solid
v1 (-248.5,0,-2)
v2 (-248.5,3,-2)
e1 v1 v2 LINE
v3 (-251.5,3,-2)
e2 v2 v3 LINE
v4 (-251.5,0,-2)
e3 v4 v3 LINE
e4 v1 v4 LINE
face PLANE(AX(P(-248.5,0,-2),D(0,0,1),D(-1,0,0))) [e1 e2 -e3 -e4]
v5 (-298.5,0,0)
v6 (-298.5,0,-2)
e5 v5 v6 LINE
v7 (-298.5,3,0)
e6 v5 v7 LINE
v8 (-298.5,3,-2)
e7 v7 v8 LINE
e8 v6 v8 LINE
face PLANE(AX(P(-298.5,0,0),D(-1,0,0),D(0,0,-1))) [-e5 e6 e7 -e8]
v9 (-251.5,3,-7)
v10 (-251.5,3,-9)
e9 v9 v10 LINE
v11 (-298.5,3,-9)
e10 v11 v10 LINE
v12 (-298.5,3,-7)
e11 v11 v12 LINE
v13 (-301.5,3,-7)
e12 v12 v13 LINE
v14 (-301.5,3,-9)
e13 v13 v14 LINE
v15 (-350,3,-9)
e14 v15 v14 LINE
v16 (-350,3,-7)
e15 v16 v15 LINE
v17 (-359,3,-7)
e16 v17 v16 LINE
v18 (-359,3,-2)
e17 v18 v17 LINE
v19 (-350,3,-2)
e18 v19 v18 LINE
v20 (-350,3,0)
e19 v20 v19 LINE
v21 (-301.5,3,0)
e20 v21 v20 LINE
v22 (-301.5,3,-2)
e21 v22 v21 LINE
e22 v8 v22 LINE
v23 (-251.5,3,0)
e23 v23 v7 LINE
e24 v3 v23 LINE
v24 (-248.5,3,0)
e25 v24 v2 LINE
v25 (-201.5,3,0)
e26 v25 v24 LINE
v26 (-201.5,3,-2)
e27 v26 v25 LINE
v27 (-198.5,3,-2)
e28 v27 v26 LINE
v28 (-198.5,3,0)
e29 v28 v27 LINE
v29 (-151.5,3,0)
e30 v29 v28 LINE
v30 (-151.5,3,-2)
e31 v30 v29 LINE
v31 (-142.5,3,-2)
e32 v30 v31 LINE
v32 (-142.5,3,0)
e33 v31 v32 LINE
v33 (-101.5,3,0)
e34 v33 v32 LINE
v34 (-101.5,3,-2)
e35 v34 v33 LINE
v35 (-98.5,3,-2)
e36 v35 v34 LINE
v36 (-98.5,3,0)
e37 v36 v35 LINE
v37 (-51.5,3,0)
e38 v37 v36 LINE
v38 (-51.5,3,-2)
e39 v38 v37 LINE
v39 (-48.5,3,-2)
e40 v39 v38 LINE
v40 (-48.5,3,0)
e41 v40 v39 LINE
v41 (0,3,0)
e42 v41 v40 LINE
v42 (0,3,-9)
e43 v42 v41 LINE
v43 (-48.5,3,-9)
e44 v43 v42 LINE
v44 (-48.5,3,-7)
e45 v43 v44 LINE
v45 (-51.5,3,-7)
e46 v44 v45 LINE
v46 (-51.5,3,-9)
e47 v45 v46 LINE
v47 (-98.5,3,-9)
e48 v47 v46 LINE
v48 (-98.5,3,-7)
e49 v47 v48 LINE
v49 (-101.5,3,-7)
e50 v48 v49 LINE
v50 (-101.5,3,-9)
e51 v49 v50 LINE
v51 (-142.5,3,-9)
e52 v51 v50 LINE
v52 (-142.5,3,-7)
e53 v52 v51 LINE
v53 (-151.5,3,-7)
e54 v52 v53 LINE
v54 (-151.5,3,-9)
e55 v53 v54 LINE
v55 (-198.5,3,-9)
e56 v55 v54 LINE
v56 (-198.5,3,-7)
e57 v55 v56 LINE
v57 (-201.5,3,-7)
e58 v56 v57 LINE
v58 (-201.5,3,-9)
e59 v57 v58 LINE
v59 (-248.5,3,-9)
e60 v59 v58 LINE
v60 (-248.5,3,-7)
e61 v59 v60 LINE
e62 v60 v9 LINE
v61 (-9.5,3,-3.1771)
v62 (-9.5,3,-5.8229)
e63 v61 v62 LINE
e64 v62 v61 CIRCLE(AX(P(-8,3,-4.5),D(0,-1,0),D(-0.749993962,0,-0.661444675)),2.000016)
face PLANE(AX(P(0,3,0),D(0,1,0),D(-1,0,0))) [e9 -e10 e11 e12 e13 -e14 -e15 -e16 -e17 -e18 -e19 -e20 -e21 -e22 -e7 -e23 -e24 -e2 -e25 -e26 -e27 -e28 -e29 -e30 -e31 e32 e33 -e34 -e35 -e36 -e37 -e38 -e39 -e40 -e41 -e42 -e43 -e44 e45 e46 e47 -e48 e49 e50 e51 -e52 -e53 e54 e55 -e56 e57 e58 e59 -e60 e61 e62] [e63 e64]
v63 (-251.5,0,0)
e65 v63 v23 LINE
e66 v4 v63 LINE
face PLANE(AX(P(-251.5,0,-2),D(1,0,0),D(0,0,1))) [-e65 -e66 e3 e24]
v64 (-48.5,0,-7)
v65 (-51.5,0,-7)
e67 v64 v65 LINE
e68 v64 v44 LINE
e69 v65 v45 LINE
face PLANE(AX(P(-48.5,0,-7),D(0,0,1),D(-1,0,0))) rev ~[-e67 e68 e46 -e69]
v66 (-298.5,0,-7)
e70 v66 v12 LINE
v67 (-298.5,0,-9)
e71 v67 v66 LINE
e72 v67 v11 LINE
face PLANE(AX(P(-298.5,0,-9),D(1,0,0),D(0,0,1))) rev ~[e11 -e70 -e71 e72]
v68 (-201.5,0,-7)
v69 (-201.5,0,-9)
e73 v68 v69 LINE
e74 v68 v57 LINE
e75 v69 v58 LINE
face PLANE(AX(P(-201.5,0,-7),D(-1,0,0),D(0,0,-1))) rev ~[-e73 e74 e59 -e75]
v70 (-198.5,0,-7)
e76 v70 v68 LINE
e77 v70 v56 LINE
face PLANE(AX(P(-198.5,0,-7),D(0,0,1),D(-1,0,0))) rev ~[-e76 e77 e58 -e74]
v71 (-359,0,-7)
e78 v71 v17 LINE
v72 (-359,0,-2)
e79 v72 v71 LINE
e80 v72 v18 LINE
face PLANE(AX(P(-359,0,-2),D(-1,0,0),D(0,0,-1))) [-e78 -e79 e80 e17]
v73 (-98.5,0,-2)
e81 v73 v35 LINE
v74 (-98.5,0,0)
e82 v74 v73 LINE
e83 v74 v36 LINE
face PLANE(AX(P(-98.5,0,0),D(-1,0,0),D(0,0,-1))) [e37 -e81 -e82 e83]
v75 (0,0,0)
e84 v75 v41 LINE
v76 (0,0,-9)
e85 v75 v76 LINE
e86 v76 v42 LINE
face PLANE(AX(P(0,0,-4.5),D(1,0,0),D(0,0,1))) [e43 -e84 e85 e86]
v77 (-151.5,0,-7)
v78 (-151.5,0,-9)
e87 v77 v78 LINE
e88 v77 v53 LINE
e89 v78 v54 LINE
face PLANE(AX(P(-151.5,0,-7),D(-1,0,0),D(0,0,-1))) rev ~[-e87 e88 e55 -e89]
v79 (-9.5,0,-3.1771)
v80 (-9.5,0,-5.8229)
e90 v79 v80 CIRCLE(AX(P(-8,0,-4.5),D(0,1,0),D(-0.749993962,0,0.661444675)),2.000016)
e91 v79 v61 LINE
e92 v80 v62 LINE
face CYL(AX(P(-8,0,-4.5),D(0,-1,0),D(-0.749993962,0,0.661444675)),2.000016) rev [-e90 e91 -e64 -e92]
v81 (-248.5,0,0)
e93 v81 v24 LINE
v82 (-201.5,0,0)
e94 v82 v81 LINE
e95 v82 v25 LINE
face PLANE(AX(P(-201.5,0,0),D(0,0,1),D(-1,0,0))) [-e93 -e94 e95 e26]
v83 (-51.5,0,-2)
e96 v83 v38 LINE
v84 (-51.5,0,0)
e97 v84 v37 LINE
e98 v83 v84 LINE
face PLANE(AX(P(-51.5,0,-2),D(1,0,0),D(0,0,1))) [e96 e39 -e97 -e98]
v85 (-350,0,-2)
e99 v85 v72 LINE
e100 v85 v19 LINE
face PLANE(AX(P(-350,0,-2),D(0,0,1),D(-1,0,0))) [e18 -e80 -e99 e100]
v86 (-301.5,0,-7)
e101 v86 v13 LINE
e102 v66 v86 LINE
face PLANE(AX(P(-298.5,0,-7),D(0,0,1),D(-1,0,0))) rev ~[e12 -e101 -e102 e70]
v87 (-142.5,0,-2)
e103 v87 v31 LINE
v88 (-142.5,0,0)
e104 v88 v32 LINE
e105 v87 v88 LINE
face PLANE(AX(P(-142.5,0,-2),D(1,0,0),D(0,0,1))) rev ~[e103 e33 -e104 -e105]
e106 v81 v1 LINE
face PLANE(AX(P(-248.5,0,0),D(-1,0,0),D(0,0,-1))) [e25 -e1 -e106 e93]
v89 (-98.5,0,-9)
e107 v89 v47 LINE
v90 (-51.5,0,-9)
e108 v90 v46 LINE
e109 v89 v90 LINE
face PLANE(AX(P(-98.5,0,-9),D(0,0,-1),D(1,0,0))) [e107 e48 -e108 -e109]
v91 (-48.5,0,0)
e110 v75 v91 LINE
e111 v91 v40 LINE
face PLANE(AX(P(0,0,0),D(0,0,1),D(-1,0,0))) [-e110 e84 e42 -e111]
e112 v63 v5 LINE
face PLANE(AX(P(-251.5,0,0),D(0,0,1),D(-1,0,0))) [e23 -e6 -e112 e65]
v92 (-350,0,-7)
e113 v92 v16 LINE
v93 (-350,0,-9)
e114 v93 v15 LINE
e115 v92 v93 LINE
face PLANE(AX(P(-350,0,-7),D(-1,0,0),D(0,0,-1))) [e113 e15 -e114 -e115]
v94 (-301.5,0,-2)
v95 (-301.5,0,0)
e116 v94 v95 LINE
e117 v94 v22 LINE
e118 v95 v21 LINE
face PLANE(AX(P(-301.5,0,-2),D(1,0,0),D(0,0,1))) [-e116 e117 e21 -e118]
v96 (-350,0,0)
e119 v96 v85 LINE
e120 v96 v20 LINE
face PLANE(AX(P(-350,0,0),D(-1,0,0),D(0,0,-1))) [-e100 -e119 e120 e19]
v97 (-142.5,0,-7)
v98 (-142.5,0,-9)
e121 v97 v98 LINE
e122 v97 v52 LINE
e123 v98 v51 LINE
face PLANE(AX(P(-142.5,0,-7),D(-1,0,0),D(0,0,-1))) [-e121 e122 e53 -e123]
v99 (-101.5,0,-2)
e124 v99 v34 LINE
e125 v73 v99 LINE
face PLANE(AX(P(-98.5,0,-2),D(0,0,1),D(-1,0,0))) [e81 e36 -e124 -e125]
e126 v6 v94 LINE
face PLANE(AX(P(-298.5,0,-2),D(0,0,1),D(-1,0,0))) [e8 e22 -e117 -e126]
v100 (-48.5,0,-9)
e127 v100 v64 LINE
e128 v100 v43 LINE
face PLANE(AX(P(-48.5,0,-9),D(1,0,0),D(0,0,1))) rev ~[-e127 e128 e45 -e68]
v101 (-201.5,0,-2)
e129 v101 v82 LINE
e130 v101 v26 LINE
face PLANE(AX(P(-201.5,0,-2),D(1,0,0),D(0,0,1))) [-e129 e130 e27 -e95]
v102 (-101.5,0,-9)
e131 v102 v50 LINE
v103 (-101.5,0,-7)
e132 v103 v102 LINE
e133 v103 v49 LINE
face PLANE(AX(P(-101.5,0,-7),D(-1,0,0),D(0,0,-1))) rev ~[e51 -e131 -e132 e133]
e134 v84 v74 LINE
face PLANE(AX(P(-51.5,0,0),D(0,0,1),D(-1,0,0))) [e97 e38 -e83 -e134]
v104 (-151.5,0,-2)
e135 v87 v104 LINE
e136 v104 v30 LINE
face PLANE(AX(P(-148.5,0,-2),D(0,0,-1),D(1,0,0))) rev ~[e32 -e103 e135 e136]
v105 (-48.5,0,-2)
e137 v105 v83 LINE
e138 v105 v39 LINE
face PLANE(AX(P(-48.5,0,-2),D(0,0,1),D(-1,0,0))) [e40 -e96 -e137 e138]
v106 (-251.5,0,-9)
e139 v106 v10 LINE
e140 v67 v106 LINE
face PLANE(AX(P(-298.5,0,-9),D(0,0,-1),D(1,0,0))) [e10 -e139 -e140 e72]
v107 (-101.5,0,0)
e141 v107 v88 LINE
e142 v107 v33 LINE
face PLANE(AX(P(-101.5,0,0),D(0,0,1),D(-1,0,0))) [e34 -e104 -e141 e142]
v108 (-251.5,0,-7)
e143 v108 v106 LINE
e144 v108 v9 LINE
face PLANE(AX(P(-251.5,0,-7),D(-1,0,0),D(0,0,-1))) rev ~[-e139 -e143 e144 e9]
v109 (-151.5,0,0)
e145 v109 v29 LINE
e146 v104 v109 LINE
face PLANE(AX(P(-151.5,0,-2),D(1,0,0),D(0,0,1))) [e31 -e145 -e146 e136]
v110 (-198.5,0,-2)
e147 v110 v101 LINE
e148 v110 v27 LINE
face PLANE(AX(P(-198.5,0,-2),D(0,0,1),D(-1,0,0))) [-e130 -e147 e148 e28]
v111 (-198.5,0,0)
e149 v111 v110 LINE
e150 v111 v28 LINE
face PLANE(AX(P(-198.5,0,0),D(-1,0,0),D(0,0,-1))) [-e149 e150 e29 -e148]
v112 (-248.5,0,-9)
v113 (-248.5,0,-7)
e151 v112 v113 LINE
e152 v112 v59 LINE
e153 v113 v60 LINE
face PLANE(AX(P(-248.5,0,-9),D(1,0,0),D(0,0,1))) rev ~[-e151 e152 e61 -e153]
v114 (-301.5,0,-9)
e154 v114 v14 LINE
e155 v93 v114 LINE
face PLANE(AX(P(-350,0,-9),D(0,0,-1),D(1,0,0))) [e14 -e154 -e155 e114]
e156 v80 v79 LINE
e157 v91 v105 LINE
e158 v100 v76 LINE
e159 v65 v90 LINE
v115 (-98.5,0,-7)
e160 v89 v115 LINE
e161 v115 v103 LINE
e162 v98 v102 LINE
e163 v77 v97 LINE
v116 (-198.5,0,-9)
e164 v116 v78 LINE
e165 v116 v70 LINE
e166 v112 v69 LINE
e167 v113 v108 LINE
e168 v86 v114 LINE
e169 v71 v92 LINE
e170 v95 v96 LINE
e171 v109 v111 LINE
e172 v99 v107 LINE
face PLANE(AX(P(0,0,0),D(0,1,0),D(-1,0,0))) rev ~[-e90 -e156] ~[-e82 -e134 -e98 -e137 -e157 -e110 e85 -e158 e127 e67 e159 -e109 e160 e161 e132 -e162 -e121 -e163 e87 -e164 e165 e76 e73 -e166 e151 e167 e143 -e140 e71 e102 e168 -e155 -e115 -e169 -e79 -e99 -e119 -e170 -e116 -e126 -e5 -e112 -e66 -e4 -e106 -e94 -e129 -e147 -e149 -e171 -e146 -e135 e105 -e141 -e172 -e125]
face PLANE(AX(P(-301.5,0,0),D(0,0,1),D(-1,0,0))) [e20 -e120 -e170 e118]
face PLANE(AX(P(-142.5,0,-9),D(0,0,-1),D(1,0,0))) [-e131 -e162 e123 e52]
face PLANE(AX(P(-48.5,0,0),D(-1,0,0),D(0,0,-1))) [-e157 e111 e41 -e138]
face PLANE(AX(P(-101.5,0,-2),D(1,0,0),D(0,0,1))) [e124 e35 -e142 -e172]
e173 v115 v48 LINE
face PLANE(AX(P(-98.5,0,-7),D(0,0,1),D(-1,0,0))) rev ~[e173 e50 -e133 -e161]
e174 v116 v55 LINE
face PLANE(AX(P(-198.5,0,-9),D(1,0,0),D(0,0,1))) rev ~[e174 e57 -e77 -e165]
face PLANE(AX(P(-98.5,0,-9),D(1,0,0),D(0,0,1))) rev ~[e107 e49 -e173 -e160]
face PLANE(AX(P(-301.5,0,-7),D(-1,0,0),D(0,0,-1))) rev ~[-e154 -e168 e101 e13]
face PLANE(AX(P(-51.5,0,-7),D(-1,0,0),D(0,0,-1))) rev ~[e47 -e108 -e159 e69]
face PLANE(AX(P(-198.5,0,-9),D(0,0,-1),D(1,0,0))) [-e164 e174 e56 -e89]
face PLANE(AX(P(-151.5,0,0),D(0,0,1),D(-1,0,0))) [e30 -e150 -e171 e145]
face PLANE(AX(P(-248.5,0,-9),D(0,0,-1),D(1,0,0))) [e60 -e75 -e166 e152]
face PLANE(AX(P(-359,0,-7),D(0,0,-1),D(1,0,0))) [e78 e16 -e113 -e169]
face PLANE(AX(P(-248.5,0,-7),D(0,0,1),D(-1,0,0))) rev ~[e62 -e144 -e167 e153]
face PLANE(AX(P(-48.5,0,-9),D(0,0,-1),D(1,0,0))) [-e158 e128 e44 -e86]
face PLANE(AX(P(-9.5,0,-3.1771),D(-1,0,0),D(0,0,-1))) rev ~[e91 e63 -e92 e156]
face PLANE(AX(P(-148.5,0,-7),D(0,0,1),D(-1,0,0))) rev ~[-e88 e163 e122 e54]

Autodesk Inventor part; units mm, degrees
ref_plane "YZ Plane" through (0, 0, 0) normal (1, 0, 0) x (0, 1, 0)
ref_plane "XZ Plane" through (0, 0, 0) normal (0, 1, 0) x (-1, 0, 0)
ref_plane "XY Plane" through (0, 0, 0) normal (0, 0, 1) x (1, 0, 0)
sketch "草圖1" plane through (0, 0, 0) normal (0, 1, 0) x (-1, 0, 0)
  line L0 (0, 0) -> (350, 0)
  line L1 (350, 0) -> (350, -9)
  line L2 (350, -9) -> (0, -9)
  line L3 (0, -9) -> (0, 0)
  arc A0 (9.5, -3.1771) -> (9.5, -5.8229) centre (8, -4.5) ccw
  line L4 (0, -4.5) -> (350, -4.5)
  line L5 (301.5, -9) -> (298.5, -9)
  line L6 (298.5, -9) -> (298.5, -7)
  line L7 (298.5, -7) -> (301.5, -7)
  line L8 (301.5, -7) -> (301.5, -9)
  line L9 (298.5, 0) -> (298.5, -2)
  line L10 (298.5, -2) -> (301.5, -2)
  line L11 (301.5, -2) -> (301.5, 0)
  line L12 (248.5, -9) -> (248.5, -7)
  line L13 (248.5, -7) -> (251.5, -7)
  line L14 (251.5, -7) -> (251.5, -9)
  line L15 (248.5, 0) -> (248.5, -2)
  line L16 (248.5, -2) -> (251.5, -2)
  line L17 (251.5, -2) -> (251.5, 0)
  line L18 (198.5, -9) -> (198.5, -7)
  line L19 (198.5, -7) -> (201.5, -7)
  line L20 (201.5, -7) -> (201.5, -9)
  line L21 (198.5, 0) -> (198.5, -2)
  line L22 (198.5, -2) -> (201.5, -2)
  line L23 (201.5, -2) -> (201.5, 0)
  line L24 (148.5, -9) -> (148.5, -7)
  line L25 (148.5, -7) -> (151.5, -7)
  line L26 (151.5, -7) -> (151.5, -9)
  line L27 (148.5, 0) -> (148.5, -2)
  line L28 (148.5, -2) -> (151.5, -2)
  line L29 (151.5, -2) -> (151.5, 0)
  line L30 (98.5, -9) -> (98.5, -7)
  line L31 (98.5, -7) -> (101.5, -7)
  line L32 (101.5, -7) -> (101.5, -9)
  line L33 (98.5, 0) -> (98.5, -2)
  line L34 (98.5, -2) -> (101.5, -2)
  line L35 (101.5, -2) -> (101.5, 0)
  line L36 (48.5, -9) -> (48.5, -7)
  line L37 (48.5, -7) -> (51.5, -7)
  line L38 (51.5, -7) -> (51.5, -9)
  line L39 (48.5, 0) -> (48.5, -2)
  line L40 (48.5, -2) -> (51.5, -2)
  line L41 (51.5, -2) -> (51.5, 0)
  line L42 (350, -2) -> (359, -2)
  line L43 (359, -2) -> (359, -7)
  line L44 (359, -7) -> (350, -7)
  line L45 (350, -7) -> (350, -2)
  line L46 (9.5, -3.1771) -> (9.5, -5.8229)
  line L47 (148.5, -2) -> (142.5, -2)
  line L48 (142.5, -2) -> (142.5, 0)
  line L49 (148.5, -7) -> (142.5, -7)
  line L50 (142.5, -7) -> (142.5, -9)
  point P0 (300, -9)
  point P1 (301.5, 0)
  point P2 (298.5, 0)
  point P3 (251.5, 0)
  point P4 (248.5, 0)
  point P5 (201.5, 0)
  point P6 (198.5, 0)
  point P7 (151.5, 0)
  point P8 (148.5, 0)
  point P9 (101.5, 0)
  point P10 (98.5, 0)
  point P11 (51.5, 0)
  point P12 (48.5, 0)
  point P13 (48.5, -9)
  point P14 (51.5, -9)
  point P15 (98.5, -9)
  point P16 (101.5, -9)
  point P17 (148.5, -9)
  point P18 (151.5, -9)
  point P19 (198.5, -9)
  point P20 (201.5, -9)
  point P21 (248.5, -9)
  point P22 (251.5, -9)
  point P23 (298.5, -9)
  point P24 (301.5, -9)
  dimension "d0" = 350
  dimension "d1" = 9
  dimension "d2" = 4
  dimension "d3" = 8
  dimension "d4" = 3
  dimension "d5" = 2
  dimension "d6" = 50
  dimension "d9" = 50
  dimension "d14" = 5
  dimension "d15" = 9
  dimension "d16" = 1.5
  dimension "d19" = 6
  dimension "d20" = 6
extrude "擠出1" add sketch "草圖1" along normal blind 3 contours L0 L39 L40 L41 L33 L34 L35 L48 L47 L28 L29 L21 L22 L23 L15 L16 L17 L9 L10 L11 L1 L4 L46 A0 L3 | L4 A0 L46 L1 L2 L8 L7 L6 L14 L13 L12 L20 L19 L18 L26 L25 L49 L50 L32 L31 L30 L38 L37 L36 L3 | L1 L42 L43 L44
properties part number "main_Bar" material "木材 (樺木)"
